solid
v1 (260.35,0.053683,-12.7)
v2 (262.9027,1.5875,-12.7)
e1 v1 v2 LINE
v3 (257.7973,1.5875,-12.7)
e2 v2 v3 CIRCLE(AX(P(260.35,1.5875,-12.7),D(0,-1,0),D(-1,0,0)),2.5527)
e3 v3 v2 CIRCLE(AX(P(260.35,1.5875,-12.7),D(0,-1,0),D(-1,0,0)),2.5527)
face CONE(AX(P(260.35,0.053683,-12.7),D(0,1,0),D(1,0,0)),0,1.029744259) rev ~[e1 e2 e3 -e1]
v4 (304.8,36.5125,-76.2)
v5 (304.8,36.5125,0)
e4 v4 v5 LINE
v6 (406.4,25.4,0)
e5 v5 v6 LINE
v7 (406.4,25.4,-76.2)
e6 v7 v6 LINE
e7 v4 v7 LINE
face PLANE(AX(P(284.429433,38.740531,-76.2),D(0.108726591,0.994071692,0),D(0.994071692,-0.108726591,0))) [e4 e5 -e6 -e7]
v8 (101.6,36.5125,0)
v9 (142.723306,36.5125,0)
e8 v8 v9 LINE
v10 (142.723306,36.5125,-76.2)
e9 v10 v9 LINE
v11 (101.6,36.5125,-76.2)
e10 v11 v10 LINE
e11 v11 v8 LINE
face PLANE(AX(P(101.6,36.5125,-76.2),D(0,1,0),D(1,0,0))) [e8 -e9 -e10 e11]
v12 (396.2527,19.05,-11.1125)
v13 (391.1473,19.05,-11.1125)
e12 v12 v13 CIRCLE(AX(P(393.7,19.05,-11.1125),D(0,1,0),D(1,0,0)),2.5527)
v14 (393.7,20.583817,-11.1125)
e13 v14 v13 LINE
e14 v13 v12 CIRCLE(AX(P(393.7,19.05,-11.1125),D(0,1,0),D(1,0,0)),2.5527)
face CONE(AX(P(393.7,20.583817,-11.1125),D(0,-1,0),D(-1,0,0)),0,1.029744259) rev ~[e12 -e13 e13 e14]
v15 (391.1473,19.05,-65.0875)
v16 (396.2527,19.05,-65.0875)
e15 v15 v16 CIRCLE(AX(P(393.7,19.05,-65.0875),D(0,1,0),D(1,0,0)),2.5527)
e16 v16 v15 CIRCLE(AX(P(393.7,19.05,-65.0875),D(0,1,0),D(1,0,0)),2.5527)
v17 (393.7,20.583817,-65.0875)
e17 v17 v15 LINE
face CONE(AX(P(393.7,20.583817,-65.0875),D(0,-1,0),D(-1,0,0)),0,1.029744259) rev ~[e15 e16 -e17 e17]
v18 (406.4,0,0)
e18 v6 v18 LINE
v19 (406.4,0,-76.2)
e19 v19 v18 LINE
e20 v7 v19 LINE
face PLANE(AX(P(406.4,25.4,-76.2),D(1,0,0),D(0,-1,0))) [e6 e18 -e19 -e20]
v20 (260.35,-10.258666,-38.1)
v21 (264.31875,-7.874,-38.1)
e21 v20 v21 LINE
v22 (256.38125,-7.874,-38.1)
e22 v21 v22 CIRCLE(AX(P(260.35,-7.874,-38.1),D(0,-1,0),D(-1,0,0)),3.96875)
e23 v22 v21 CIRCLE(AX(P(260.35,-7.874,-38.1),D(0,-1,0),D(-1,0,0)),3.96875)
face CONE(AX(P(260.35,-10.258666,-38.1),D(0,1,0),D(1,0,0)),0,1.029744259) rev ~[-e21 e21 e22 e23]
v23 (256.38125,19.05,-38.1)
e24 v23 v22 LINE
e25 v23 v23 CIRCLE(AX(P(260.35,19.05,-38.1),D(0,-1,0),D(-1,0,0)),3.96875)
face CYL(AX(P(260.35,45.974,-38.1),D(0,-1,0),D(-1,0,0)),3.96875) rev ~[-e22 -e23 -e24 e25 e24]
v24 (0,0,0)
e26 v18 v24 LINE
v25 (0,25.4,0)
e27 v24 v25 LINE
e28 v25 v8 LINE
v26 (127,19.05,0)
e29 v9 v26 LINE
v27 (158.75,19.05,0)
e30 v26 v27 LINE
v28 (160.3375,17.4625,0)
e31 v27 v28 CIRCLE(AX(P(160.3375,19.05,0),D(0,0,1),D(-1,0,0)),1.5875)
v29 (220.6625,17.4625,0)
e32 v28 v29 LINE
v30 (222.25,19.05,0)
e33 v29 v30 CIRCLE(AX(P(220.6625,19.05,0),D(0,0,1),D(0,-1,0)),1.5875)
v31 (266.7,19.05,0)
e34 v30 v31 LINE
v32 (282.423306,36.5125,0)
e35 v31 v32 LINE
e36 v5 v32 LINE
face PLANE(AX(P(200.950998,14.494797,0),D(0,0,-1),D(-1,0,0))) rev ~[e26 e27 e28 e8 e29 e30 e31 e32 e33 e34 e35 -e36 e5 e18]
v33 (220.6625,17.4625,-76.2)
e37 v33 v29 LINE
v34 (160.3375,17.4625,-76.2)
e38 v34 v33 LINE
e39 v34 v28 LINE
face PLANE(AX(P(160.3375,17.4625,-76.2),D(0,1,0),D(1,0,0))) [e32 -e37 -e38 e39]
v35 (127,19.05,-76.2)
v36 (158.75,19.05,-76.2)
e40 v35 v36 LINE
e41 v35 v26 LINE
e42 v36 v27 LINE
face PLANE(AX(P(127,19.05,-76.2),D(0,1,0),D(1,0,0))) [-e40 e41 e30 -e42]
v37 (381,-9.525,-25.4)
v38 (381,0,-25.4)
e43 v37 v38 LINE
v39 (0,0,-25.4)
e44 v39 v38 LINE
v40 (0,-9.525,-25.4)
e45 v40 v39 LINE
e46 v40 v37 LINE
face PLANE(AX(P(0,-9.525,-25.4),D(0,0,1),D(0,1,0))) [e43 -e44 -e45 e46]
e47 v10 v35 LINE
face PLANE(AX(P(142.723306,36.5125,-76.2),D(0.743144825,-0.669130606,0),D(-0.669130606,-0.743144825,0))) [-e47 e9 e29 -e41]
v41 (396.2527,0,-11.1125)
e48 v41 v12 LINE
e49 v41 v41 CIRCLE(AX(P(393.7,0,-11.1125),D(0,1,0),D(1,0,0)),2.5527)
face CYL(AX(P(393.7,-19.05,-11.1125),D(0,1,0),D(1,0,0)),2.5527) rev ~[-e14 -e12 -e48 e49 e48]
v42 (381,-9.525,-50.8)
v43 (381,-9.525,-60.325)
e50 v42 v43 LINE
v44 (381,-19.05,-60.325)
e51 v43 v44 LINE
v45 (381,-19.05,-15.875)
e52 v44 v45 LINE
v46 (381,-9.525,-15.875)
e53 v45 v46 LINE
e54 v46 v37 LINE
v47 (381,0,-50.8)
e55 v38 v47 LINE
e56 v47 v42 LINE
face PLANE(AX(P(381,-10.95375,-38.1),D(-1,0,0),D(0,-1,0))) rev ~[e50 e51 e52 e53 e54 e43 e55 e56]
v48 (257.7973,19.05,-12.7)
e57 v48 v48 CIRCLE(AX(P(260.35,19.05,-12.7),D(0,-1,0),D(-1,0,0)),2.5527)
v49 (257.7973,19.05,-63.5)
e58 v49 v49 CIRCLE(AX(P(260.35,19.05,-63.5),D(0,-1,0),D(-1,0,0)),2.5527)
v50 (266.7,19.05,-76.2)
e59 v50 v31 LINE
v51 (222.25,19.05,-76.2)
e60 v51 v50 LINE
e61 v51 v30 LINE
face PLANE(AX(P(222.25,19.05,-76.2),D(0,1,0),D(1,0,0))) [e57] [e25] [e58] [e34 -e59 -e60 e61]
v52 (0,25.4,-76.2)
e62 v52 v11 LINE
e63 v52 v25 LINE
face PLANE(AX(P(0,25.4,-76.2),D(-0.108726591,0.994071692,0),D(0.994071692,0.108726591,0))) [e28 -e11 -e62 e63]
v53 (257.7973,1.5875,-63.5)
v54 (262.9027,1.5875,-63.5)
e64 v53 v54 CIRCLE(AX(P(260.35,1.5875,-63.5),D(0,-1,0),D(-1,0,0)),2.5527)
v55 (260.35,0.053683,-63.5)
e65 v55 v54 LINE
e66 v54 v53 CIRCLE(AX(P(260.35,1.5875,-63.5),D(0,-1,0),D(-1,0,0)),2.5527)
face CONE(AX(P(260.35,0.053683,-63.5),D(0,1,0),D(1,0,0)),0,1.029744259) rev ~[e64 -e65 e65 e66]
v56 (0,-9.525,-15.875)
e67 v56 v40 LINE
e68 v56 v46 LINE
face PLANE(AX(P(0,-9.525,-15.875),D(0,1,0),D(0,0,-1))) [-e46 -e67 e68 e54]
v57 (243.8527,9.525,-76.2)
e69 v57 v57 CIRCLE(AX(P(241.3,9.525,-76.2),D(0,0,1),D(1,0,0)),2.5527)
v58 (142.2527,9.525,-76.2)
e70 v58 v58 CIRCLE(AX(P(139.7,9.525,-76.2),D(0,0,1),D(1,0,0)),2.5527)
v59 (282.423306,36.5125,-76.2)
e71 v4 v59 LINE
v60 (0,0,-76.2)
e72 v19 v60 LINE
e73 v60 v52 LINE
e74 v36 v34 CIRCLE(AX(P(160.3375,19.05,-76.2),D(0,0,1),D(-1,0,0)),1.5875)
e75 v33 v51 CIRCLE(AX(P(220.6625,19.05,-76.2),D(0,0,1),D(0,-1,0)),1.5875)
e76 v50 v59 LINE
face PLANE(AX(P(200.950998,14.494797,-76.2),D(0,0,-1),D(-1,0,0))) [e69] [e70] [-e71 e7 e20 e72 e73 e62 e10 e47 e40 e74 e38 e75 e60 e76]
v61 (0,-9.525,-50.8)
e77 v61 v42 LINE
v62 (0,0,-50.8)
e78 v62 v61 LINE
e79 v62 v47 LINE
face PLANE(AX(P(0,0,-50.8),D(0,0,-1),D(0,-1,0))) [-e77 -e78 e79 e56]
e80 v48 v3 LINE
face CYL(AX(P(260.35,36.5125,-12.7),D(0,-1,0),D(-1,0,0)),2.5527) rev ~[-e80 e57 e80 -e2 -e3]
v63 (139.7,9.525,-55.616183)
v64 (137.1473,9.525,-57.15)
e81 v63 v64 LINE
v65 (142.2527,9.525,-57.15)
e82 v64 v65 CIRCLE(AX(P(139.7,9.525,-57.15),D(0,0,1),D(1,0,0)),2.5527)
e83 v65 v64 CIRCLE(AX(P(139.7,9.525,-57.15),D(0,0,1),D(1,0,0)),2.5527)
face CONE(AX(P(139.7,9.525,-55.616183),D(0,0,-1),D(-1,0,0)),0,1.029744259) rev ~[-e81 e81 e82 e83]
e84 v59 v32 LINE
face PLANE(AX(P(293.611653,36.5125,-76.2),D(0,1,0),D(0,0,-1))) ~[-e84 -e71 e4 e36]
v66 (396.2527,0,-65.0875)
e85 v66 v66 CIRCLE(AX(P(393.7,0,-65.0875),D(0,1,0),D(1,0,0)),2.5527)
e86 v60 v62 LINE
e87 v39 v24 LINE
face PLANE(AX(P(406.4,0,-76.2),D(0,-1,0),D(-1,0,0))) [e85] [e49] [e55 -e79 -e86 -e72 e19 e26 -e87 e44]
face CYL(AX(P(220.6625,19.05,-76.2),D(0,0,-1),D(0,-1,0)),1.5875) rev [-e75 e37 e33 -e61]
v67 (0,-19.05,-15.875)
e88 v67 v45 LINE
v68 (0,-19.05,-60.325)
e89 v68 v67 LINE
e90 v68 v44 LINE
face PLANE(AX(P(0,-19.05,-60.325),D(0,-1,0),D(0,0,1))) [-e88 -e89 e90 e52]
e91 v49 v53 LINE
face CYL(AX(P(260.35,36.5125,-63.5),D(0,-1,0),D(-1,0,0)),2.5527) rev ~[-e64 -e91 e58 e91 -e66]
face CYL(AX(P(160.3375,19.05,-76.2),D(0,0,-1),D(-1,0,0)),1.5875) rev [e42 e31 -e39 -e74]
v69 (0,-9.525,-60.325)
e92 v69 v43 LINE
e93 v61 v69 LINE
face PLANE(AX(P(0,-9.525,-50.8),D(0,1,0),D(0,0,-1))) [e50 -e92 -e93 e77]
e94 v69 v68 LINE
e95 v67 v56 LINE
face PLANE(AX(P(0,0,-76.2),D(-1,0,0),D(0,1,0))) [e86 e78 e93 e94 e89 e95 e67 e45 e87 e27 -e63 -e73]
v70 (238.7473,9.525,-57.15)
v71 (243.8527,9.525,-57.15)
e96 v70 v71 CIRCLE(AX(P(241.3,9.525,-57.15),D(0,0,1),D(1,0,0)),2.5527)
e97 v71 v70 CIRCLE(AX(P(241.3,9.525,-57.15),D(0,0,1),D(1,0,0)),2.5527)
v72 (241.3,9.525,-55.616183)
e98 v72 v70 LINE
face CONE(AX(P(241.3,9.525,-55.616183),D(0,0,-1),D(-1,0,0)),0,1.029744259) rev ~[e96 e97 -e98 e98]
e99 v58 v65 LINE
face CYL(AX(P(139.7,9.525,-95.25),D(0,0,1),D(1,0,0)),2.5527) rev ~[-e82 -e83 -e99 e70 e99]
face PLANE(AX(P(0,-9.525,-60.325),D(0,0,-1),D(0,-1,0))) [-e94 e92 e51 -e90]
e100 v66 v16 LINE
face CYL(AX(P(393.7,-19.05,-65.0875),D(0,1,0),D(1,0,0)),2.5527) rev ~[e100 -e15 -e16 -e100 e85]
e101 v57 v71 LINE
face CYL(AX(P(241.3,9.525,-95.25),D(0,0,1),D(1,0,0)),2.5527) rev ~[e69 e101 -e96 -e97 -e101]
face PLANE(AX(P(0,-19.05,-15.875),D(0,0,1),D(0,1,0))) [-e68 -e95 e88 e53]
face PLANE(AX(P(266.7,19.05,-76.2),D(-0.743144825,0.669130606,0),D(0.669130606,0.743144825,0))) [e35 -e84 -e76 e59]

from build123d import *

# Parameters (mm, degrees)
BOSS_EXTRUDE1_DEPTH         = 76.2
BOSS_EXTRUDE2_DEPTH         = 381
F_1_4_20_TAPPED_HOLE3_D     = 5.1054
F_1_4_20_TAPPED_HOLE3_DEPTH = 19.05
F_1_4_20_TAPPED_HOLE3_TIP   = 1.533816902
F_1_4_20_TAPPED_HOLE2_D     = 5.1054
F_1_4_20_TAPPED_HOLE2_DEPTH = 19.05
F_1_4_20_TAPPED_HOLE2_TIP   = 1.533816902
F_3_8_16_TAPPED_HOLE1_D     = 7.9375
F_3_8_16_TAPPED_HOLE1_DEPTH = 26.924
F_3_8_16_TAPPED_HOLE1_TIP   = 2.384665582
F_1_4_20_TAPPED_HOLE1_D     = 5.1054
F_1_4_20_TAPPED_HOLE1_DEPTH = 17.4625
F_1_4_20_TAPPED_HOLE1_TIP   = 1.533816902
CHAMFER1_SIZE               = 20.492049699
CHAMFER1_SIZE2              = 2.998111049


with BuildPart() as part:
    # Sketch1 → Boss-Extrude1 (new body)
    with BuildSketch(Plane(origin=(0, 0, -76.2), x_dir=(-1, 0, 0), z_dir=(0, 0, -1))):
        with BuildLine():
            Line((0, 0), (0, 25.4))
            Line((0, 25.4), (-101.6, 36.5125))
            Line((-101.6, 36.5125), (-142.723305624, 36.5125))
            Line((-142.723305624, 36.5125), (-127, 19.05))
            Line((-127, 19.05), (-158.75, 19.05))
            ThreePointArc((-158.75, 19.05), (-159.214967985, 17.927467985), (-160.3375, 17.4625))
            Line((-160.3375, 17.4625), (-220.6625, 17.4625))
            ThreePointArc((-220.6625, 17.4625), (-221.785032015, 17.927467985), (-222.25, 19.05))
            Line((-222.25, 19.05), (-266.7, 19.05))
            Line((-266.7, 19.05), (-284.429433488, 38.740530712))
            Line((-284.429433488, 38.740530712), (-406.4, 25.4))
            Line((-406.4, 25.4), (-406.4, 0))
            Line((-406.4, 0), (0, 0))
        make_face()
    extrude(amount=-BOSS_EXTRUDE1_DEPTH)

    # Sketch2 → Boss-Extrude2 (add)
    with BuildSketch(Plane(origin=(0, 0, 0), x_dir=(0, -1, 0), z_dir=(-1, 0, 0))):
        Polygon((0, -25.4), (0, -50.8), (9.525, -50.8), (9.525, -60.325), (19.05, -60.325), (19.05, -15.875), (9.525, -15.875), (9.525, -25.4), align=None)
    extrude(amount=-BOSS_EXTRUDE2_DEPTH)

    # 1/4-20 Tapped Hole3
    with Locations(Plane(origin=(0, 0, 0), x_dir=(-1, 0, 0), z_dir=(0, -1, 0))):
        with Locations((-393.7, 65.0875), (-393.7, 11.1125)):
            Hole(F_1_4_20_TAPPED_HOLE3_D / 2, depth=F_1_4_20_TAPPED_HOLE3_DEPTH)
            with Locations((0, 0, -(F_1_4_20_TAPPED_HOLE3_DEPTH + F_1_4_20_TAPPED_HOLE3_TIP / 2))):  # 118° drill point
                Cone(0, F_1_4_20_TAPPED_HOLE3_D / 2, F_1_4_20_TAPPED_HOLE3_TIP, mode=Mode.SUBTRACT)

    # 1/4-20 Tapped Hole2
    with Locations(Plane(origin=(0, 0, -76.2), x_dir=(-1, 0, 0), z_dir=(0, 0, -1))):
        with Locations((-139.7, 9.525), (-241.3, 9.525)):
            Hole(F_1_4_20_TAPPED_HOLE2_D / 2, depth=F_1_4_20_TAPPED_HOLE2_DEPTH)
            with Locations((0, 0, -(F_1_4_20_TAPPED_HOLE2_DEPTH + F_1_4_20_TAPPED_HOLE2_TIP / 2))):  # 118° drill point
                Cone(0, F_1_4_20_TAPPED_HOLE2_D / 2, F_1_4_20_TAPPED_HOLE2_TIP, mode=Mode.SUBTRACT)

    # 3/8-16 Tapped Hole1
    with Locations(Plane(origin=(0, 19.05, 0), x_dir=(1, 0, 0), z_dir=(0, 1, 0))):
        with Locations((260.35, 38.1)):
            Hole(F_3_8_16_TAPPED_HOLE1_D / 2, depth=F_3_8_16_TAPPED_HOLE1_DEPTH)
            with Locations((0, 0, -(F_3_8_16_TAPPED_HOLE1_DEPTH + F_3_8_16_TAPPED_HOLE1_TIP / 2))):  # 118° drill point
                Cone(0, F_3_8_16_TAPPED_HOLE1_D / 2, F_3_8_16_TAPPED_HOLE1_TIP, mode=Mode.SUBTRACT)

    # 1/4-20 Tapped Hole1
    with Locations(Plane(origin=(0, 19.05, 0), x_dir=(1, 0, 0), z_dir=(0, 1, 0))):
        with Locations((260.35, 12.7), (260.35, 63.5)):
            Hole(F_1_4_20_TAPPED_HOLE1_D / 2, depth=F_1_4_20_TAPPED_HOLE1_DEPTH)
            with Locations((0, 0, -(F_1_4_20_TAPPED_HOLE1_DEPTH + F_1_4_20_TAPPED_HOLE1_TIP / 2))):  # 118° drill point
                Cone(0, F_1_4_20_TAPPED_HOLE1_D / 2, F_1_4_20_TAPPED_HOLE1_TIP, mode=Mode.SUBTRACT)

    # Chamfer1
    chamfer1_edges = [part.edges().sort_by_distance(p)[0] for p in [
        (284.429433488, 38.740530712, -38.1),
    ]]
    chamfer1_side = [part.faces().sort_by_distance(p)[0] for p in [
        (345.414716744, 32.070265356, -38.1),
    ]]
    chamfer(chamfer1_edges, length=CHAMFER1_SIZE, length2=CHAMFER1_SIZE2, reference=chamfer1_side[0])


solid = part.part
